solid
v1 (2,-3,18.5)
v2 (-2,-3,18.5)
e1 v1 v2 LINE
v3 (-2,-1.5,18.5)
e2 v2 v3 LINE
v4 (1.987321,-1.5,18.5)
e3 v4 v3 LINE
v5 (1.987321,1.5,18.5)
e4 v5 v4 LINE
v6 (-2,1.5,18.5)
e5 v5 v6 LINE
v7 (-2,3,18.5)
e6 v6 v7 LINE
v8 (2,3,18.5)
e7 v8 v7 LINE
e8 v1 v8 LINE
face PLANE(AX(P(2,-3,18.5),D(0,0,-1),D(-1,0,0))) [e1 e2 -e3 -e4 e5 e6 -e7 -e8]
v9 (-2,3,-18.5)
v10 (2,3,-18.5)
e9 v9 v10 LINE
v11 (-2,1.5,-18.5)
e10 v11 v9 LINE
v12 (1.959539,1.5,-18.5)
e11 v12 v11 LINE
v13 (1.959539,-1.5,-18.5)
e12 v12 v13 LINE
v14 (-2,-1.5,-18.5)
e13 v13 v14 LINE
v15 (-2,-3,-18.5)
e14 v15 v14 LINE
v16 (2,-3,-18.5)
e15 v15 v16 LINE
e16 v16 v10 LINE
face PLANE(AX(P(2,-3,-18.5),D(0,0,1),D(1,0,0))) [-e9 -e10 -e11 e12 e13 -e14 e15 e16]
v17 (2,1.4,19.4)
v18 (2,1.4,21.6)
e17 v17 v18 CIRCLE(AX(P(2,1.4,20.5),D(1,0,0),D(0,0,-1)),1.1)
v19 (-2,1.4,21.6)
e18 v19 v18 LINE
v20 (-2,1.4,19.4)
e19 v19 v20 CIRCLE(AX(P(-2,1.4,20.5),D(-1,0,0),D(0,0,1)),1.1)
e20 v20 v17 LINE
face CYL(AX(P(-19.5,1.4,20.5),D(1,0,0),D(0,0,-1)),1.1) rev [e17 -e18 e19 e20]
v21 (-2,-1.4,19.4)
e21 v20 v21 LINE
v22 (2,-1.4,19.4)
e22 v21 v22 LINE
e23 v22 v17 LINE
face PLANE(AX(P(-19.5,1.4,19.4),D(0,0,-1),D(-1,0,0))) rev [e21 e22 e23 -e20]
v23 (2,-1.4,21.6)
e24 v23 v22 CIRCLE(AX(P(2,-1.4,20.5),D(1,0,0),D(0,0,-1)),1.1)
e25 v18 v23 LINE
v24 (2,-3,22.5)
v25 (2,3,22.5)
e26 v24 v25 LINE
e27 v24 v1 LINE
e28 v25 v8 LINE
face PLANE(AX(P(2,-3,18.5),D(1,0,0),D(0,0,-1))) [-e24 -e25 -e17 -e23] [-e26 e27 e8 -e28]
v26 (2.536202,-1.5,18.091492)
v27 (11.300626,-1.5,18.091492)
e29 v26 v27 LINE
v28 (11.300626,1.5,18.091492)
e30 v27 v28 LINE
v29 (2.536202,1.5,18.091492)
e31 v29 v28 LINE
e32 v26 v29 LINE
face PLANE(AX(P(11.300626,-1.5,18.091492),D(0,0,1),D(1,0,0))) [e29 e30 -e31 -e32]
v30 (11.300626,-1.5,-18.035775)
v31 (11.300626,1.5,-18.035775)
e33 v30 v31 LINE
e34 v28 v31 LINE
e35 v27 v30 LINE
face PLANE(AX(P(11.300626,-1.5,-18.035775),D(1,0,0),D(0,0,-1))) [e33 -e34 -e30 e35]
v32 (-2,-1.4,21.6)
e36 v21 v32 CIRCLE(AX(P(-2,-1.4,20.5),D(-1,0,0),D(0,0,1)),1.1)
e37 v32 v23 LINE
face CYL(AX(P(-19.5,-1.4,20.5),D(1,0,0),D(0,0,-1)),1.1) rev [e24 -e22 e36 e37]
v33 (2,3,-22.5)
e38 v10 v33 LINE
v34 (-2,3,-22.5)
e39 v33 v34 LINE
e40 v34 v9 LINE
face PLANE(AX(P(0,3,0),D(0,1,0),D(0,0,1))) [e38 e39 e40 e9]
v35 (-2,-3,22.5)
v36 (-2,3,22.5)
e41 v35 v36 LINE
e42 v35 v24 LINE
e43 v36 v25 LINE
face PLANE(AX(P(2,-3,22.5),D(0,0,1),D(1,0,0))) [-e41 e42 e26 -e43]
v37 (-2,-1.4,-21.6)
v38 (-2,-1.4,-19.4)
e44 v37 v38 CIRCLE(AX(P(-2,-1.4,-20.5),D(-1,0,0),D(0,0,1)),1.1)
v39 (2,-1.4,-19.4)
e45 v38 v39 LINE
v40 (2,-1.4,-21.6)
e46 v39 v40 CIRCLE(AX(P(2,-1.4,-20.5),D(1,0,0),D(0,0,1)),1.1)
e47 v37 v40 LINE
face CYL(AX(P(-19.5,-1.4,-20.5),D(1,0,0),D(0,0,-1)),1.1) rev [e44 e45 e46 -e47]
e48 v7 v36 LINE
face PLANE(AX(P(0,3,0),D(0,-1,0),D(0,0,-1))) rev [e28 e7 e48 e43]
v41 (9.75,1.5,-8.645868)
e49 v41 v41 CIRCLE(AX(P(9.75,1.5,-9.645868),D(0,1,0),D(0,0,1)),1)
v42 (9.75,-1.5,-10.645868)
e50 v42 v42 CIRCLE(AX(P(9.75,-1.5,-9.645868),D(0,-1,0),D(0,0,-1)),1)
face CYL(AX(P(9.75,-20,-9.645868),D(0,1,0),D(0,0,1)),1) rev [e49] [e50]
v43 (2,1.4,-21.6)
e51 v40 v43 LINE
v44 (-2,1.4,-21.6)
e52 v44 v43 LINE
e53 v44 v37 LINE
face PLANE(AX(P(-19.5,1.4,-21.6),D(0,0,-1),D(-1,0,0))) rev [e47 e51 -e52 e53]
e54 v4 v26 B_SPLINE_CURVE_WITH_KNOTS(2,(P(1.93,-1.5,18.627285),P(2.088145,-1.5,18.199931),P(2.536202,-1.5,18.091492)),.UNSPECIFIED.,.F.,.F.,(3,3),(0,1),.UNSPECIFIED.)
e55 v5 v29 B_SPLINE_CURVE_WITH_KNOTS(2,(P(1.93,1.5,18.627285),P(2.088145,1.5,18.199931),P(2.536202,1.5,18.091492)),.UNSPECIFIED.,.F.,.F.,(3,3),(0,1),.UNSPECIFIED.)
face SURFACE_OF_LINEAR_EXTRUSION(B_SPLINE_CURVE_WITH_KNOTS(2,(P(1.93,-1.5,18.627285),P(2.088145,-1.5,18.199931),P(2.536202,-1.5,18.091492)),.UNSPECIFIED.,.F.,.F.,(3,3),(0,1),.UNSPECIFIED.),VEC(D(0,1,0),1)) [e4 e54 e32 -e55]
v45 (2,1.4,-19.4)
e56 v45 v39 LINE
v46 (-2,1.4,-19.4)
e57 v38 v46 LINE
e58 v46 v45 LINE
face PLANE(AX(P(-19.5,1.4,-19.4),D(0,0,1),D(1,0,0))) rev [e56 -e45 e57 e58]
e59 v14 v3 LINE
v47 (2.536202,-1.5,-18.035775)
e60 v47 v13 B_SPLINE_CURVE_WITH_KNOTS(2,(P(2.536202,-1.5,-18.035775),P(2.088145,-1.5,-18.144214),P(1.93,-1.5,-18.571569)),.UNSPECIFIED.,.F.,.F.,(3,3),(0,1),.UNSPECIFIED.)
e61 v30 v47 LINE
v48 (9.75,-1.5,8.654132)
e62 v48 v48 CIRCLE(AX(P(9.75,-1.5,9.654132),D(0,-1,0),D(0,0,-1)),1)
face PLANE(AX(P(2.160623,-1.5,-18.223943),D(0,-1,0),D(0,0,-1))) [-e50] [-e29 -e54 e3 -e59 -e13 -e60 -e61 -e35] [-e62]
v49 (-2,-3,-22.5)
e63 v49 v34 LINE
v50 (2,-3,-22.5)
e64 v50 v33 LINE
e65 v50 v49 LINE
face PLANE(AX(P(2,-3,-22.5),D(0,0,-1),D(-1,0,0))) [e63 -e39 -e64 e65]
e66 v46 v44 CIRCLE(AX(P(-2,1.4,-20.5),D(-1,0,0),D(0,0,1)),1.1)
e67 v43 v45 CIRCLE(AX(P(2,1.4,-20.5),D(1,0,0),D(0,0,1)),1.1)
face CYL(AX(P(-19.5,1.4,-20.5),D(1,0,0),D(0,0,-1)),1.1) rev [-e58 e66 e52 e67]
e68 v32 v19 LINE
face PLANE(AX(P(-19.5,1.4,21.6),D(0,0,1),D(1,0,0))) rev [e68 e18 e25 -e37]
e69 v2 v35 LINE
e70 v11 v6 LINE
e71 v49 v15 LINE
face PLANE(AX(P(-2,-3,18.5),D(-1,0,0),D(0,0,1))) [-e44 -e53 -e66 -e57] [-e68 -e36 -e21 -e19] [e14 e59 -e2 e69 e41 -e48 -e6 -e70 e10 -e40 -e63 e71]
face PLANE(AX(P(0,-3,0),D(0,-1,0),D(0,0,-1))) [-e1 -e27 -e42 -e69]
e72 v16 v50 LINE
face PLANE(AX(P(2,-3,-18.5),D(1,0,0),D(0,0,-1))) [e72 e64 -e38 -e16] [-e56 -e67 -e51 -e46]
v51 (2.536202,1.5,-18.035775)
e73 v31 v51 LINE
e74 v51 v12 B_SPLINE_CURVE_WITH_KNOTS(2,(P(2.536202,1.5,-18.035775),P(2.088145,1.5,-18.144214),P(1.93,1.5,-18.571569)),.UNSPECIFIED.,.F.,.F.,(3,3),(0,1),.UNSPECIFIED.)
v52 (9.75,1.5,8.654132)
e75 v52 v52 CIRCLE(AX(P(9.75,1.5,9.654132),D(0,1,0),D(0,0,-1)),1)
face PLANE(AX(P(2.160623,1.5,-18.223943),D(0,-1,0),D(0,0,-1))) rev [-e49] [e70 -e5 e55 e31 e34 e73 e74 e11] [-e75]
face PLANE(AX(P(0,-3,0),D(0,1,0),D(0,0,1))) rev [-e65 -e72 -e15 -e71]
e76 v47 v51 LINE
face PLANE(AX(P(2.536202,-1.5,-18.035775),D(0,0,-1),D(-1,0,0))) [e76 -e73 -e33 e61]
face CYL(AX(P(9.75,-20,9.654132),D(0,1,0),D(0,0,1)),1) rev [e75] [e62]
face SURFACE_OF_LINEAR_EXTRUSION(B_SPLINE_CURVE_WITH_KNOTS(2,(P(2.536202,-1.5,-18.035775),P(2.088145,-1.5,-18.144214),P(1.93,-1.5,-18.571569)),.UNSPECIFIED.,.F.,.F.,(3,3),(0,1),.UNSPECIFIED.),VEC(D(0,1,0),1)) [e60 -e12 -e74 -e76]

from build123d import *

# Parameters (mm, degrees)
BOSS_EXTRU_1_DEPTH        = 3
BOSS_EXTRU_1_DEPTH_BACK   = 3
ESQUISSE1_W               = 4
ESQUISSE1_H               = 4
BOSS_EXTRU_1_2_DEPTH      = 3
BOSS_EXTRU_1_2_DEPTH_BACK = 3
BOSS_EXTRU_2_DEPTH        = 1.5
BOSS_EXTRU_2_DEPTH_BACK   = 1.5
ESQUISSE4_R               = 1
ENL_V_MAT_EXTRU_1_DEPTH   = 21.5
ENL_V_MAT_EXTRU_2_DEPTH   = 21.5


with BuildPart() as part:
    # Esquisse1 → Boss.-Extru.1 (new, two sides: drawn at the far end of the back side and taken through both)
    with BuildSketch(Plane(origin=(0, 0, 0), x_dir=(1, 0, 0), z_dir=(0, 1, 0)).offset(-BOSS_EXTRU_1_DEPTH_BACK)):
        with Locations((0, 20.5)):
            Rectangle(ESQUISSE1_W, ESQUISSE1_H)
    extrude(amount=BOSS_EXTRU_1_DEPTH + BOSS_EXTRU_1_DEPTH_BACK)



with BuildPart() as body_2:
    # Esquisse1 → Boss.-Extru.1 2 (new, two sides: drawn at the far end of the back side and taken through both)
    with BuildSketch(Plane(origin=(0, 0, 0), x_dir=(1, 0, 0), z_dir=(0, 1, 0)).offset(-BOSS_EXTRU_1_2_DEPTH_BACK)):
        with Locations((0, -20.5)):
            Rectangle(ESQUISSE1_W, ESQUISSE1_H)
    extrude(amount=BOSS_EXTRU_1_2_DEPTH + BOSS_EXTRU_1_2_DEPTH_BACK)


with BuildPart() as part_1:
    add(part.part)

    add(body_2.part)  # Boss.-Extru.2 merges body 2
    # Esquisse3 → Boss.-Extru.2 (add, two sides: drawn at the far end of the back side and taken through both)
    with BuildSketch(Plane(origin=(0, 0, 0), x_dir=(1, 0, 0), z_dir=(0, 1, 0)).offset(-BOSS_EXTRU_2_DEPTH_BACK)):
        with BuildLine():
            Line((-2, 18.571568884), (1.93, 18.571568884))
            add(Edge.make_bspline(
                [(1.93, 18.571568884), (2.088145302, 18.144214449), (2.536201665, 18.035775419)],
                knots=[0, 0, 0, 1, 1, 1], degree=2))
            Line((2.536201665, 18.035775419), (11.300625785, 18.035775419))
            Line((11.300625785, 18.035775419), (11.300625785, -18.091491534))
            Line((11.300625785, -18.091491534), (2.536201665, -18.091491534))
            add(Edge.make_bspline(
                [(2.536201665, -18.091491534), (2.088145302, -18.199930564), (1.93, -18.627284999)],
                knots=[0, 0, 0, 1, 1, 1], degree=2))
            Line((1.93, -18.627284999), (-2, -18.627284999))
            Line((-2, -18.627284999), (-2, 18.571568884))
        make_face()
    extrude(amount=BOSS_EXTRU_2_DEPTH + BOSS_EXTRU_2_DEPTH_BACK)

    # Esquisse4 → Enlèv. mat.-Extru.1 (cut)
    with BuildSketch(Plane(origin=(0, 1.5, 0), x_dir=(1, 0, 0), z_dir=(0, 1, 0))):
        with Locations((9.75, 9.645867946)):
            Circle(ESQUISSE4_R)
        with Locations((9.75, -9.654132054)):
            Circle(ESQUISSE4_R)
    extrude(amount=-ENL_V_MAT_EXTRU_1_DEPTH, mode=Mode.SUBTRACT)

    # Esquisse5 → Enlèv. mat.-Extru.2 (cut)
    with BuildSketch(Plane(origin=(2, 0, 0), x_dir=(0, 0, -1), z_dir=(1, 0, 0))):
        with BuildLine():
            Line((-19.4, 1.4), (-19.4, -1.4))
            ThreePointArc((-19.4, -1.4), (-20.5, -2.5), (-21.6, -1.4))
            Line((-21.6, -1.4), (-21.6, 1.4))
            ThreePointArc((-21.6, 1.4), (-20.5, 2.5), (-19.4, 1.4))
        make_face()
        with BuildLine():
            Line((19.4, 1.4), (19.4, -1.4))
            ThreePointArc((19.4, -1.4), (20.5, -2.5), (21.6, -1.4))
            Line((21.6, -1.4), (21.6, 1.4))
            ThreePointArc((21.6, 1.4), (20.5, 2.5), (19.4, 1.4))
        make_face()
    extrude(amount=-ENL_V_MAT_EXTRU_2_DEPTH, mode=Mode.SUBTRACT)


solid = part_1.part
